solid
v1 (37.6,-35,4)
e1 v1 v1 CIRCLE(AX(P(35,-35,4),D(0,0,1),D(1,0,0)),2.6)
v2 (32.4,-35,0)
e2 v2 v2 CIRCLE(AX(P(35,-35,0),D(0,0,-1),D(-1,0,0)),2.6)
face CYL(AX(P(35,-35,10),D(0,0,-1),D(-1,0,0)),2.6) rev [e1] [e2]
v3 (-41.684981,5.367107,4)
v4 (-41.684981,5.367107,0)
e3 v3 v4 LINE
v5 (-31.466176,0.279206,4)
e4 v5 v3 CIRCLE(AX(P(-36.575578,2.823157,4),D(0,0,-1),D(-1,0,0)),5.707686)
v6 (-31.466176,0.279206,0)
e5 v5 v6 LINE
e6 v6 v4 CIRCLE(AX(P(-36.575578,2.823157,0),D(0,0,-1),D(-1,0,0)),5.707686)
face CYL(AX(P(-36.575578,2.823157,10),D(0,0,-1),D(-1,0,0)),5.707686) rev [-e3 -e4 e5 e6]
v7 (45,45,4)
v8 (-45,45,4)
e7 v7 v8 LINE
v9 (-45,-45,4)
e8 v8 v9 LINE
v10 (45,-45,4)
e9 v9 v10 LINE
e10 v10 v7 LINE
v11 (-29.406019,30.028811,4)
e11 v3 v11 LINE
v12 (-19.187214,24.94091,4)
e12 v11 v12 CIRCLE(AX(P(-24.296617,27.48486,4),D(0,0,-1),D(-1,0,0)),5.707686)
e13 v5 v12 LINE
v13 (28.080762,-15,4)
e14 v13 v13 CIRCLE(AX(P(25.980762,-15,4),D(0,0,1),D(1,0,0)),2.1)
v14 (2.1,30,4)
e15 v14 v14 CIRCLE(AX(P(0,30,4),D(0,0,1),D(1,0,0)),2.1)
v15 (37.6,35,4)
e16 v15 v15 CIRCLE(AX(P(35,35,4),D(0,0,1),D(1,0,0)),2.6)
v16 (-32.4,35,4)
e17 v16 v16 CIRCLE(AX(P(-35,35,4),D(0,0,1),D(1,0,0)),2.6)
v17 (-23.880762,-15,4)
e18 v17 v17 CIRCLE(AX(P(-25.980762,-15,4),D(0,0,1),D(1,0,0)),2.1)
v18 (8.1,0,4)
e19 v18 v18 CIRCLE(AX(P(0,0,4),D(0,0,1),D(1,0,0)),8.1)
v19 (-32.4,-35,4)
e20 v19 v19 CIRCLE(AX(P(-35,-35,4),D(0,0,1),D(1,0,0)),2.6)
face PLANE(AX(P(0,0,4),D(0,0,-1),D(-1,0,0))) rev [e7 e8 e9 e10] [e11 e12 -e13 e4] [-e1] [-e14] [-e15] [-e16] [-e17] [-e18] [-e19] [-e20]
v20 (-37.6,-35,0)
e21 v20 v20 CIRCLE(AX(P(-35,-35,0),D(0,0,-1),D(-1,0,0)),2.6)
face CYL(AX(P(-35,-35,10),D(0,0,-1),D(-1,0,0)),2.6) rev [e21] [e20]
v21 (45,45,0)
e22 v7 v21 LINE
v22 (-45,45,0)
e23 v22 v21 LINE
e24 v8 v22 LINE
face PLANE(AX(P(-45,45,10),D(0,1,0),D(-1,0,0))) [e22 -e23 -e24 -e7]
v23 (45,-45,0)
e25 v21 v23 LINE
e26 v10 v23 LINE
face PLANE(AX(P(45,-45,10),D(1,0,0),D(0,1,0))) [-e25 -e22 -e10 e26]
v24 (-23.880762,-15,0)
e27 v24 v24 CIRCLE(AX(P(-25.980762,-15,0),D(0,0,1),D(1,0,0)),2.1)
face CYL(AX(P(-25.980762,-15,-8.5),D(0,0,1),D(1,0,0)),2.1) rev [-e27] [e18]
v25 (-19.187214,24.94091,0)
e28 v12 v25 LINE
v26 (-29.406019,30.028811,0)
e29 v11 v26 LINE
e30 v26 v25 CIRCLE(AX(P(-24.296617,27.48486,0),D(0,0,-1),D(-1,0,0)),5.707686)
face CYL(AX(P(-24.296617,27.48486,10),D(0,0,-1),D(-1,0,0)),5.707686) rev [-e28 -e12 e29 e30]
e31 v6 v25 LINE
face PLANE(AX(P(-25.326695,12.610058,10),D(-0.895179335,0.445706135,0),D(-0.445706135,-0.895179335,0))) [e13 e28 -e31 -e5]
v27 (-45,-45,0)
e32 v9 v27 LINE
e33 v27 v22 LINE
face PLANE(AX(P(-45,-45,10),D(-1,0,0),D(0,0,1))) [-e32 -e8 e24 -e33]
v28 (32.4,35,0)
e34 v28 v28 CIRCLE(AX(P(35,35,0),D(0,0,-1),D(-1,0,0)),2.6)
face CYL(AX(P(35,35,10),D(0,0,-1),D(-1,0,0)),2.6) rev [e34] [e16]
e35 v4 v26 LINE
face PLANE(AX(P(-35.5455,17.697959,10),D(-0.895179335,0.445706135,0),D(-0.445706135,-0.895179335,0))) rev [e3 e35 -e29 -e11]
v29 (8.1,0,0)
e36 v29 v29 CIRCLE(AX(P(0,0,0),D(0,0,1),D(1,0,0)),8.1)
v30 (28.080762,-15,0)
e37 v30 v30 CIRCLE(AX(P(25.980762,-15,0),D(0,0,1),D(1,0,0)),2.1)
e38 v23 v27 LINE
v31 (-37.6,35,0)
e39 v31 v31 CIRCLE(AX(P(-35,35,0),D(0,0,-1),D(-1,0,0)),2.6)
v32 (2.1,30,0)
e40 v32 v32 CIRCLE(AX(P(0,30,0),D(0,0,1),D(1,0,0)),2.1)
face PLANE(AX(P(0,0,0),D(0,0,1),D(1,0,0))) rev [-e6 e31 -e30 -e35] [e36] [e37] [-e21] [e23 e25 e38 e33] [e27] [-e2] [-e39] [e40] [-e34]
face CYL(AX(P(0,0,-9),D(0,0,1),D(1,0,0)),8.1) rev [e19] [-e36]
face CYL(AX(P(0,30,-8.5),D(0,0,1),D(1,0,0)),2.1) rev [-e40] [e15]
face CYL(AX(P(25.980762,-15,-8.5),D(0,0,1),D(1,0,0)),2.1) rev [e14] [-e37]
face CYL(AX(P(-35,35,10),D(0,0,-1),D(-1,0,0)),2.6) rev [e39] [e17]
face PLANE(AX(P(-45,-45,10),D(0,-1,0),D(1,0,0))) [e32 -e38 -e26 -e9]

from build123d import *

# Parameters (mm, degrees)
SKETCH_1_R           = 2.5
SKETCH_1_R_2         = 8
EXTRUDE_1_DEPTH      = 2
SKETCH_2_R           = 34
CUT_EXTRUDE_1_DEPTH  = 0.5
SKETCH_3_R           = 2
CUT_EXTRUDE_2_DEPTH  = 28.5
SKETCH_5_R           = 2.1
CUT_EXTRUDE_3_DEPTH  = 10
SKETCH_4_R           = 2.6
CUT_EXTRUDE_4_DEPTH  = 10
SKETCH_7_W           = 125
SKETCH_7_H           = 125
SKETCH_7_W_2         = 80
SKETCH_7_H_2         = 80
EXTRUDE_2_DEPTH      = 2
SKETCH_8_R           = 2.760887892
EXTRUDE_3_DEPTH      = 2
SKETCH_9_R           = 2.6
CUT_EXTRUDE_5_DEPTH  = 2
CUT_EXTRUDE_7_DEPTH  = 2
EXTRUDE_START        = -2
SKETCH_11_W          = 250
SKETCH_11_H          = 250
SKETCH_11_R          = 2.1
SKETCH_11_R_2        = 8
EXTRUDE_4_DEPTH      = 2
SKETCH_13_R          = 2.6
CUT_EXTRUDE_9_DEPTH  = 51
SKETCH_16_R          = 34
CUT_EXTRUDE_11_DEPTH = 1
SKETCH_18_W          = 250
SKETCH_18_H          = 250
SKETCH_18_W_2        = 90
SKETCH_18_H_2        = 90
CUT_EXTRUDE_12_DEPTH = 10
SKETCH_20_R          = 2.6
CUT_EXTRUDE_14_DEPTH = 10
SKETCH_21_R          = 8.1
CUT_EXTRUDE_15_DEPTH = 10
SKETCH_24_R          = 34.1
CUT_EXTRUDE_17_DEPTH = 1
EXTRUDE_START_2      = 1
SKETCH_25_R          = 34.1
SKETCH_25_R_2        = 2.1
SKETCH_25_R_3        = 8.1
EXTRUDE_5_DEPTH      = 1
CUT_EXTRUDE_20_DEPTH = 10
SKETCH_31_W          = 90
SKETCH_31_H          = 90
SKETCH_31_R          = 2.1
SKETCH_31_R_2        = 8.1
SKETCH_31_R_3        = 2.6
EXTRUDE_6_DEPTH      = 4
EXTRUDE_START_3      = -4
EXTRUDE_7_DEPTH      = 4
CUT_EXTRUDE_21_DEPTH = 10


with BuildPart() as part:
    # 草图1 → 凸台-拉伸1 (new body)
    with BuildSketch(Plane.XY):
        Polygon((-33, 40), (-40, 40), (-40, 33), (-40, -33), (-40, -40), (40, -40), (40, 40), (33, 40), align=None)
        with Locations((-33, -33)):
            Circle(SKETCH_1_R, mode=Mode.SUBTRACT)
        with Locations((33, -30.5)):
            Circle(SKETCH_1_R, mode=Mode.SUBTRACT)
        Circle(SKETCH_1_R_2, mode=Mode.SUBTRACT)
        with Locations((-33, 33)):
            Circle(SKETCH_1_R, mode=Mode.SUBTRACT)
        with Locations((33, 33)):
            Circle(SKETCH_1_R, mode=Mode.SUBTRACT)
    extrude(amount=EXTRUDE_1_DEPTH)

    # 草图2 → 切除-拉伸1 (cut)
    with BuildSketch(Plane.XY.offset(2)):
        Circle(SKETCH_2_R)
    extrude(amount=-CUT_EXTRUDE_1_DEPTH, mode=Mode.SUBTRACT)

    # 草图3 → 切除-拉伸2 (cut)
    with BuildSketch(Plane.XY.offset(1.5)):
        with Locations((0, 30)):
            Circle(SKETCH_3_R)
        with Locations((25.980762114, -15)):
            Circle(SKETCH_3_R)
        with Locations((-25.980762114, -15)):
            Circle(SKETCH_3_R)
    extrude(amount=-CUT_EXTRUDE_2_DEPTH, mode=Mode.SUBTRACT)

    # 草图5 → 切除-拉伸3 (cut)
    with BuildSketch(Plane.XY.offset(1.5)):
        with Locations((25.980762114, -15)):
            Circle(SKETCH_5_R)
        with Locations((0, 30)):
            Circle(SKETCH_5_R)
        with Locations((-25.980762114, -15)):
            Circle(SKETCH_5_R)
    extrude(amount=-CUT_EXTRUDE_3_DEPTH, mode=Mode.SUBTRACT)

    # 草图4 → 切除-拉伸4 (cut)
    with BuildSketch(Plane.XY.offset(2)):
        with Locations((-33, 33)):
            Circle(SKETCH_4_R)
        with Locations((33, 33)):
            Circle(SKETCH_4_R)
        with Locations((33, -30.5)):
            Circle(SKETCH_4_R)
        with Locations((-33, -33)):
            Circle(SKETCH_4_R)
    extrude(amount=-CUT_EXTRUDE_4_DEPTH, mode=Mode.SUBTRACT)

    # 草图7 → 凸台-拉伸2 (add)
    with BuildSketch(Plane(origin=(0, 0, 0), x_dir=(-1, 0, 0), z_dir=(0, 0, -1))):
        Rectangle(SKETCH_7_W, SKETCH_7_H)
        Rectangle(SKETCH_7_W_2, SKETCH_7_H_2, mode=Mode.SUBTRACT)
    extrude(amount=-EXTRUDE_2_DEPTH)

    # 草图8 → 凸台-拉伸3 (add)
    with BuildSketch(Plane(origin=(0, 0, 0), x_dir=(-1, 0, 0), z_dir=(0, 0, -1))):
        with Locations((-33, -30.5)):
            Circle(SKETCH_8_R)
    extrude(amount=-EXTRUDE_3_DEPTH)

    # 草图9 → 切除-拉伸5 (cut)
    with BuildSketch(Plane(origin=(0, 0, 0), x_dir=(-1, 0, 0), z_dir=(0, 0, -1))):
        with Locations((-33, -34.063377391)):
            Circle(SKETCH_9_R)
    extrude(amount=-CUT_EXTRUDE_5_DEPTH, mode=Mode.SUBTRACT)

    # 草图10 → 切除-拉伸7 (cut)
    with BuildSketch(Plane(origin=(0, 0, 0), x_dir=(-1, 0, 0), z_dir=(0, 0, -1))):
        with BuildLine():
            Line((13.58008401, -47.982963501), (-13.58008401, -47.982963501))
            ThreePointArc((-13.58008401, -47.982963501), (-20.483293381, -41.079754129), (-13.58008401, -34.176544757))
            Line((-13.58008401, -34.176544757), (13.58008401, -34.176544757))
            ThreePointArc((13.58008401, -34.176544757), (20.483293381, -41.079754129), (13.58008401, -47.982963501))
        make_face()
    extrude(amount=-CUT_EXTRUDE_7_DEPTH, mode=Mode.SUBTRACT)

    # 草图11 → 凸台-拉伸4 (add)
    with BuildSketch(Plane(origin=(0, 0, 0), x_dir=(-1, 0, 0), z_dir=(0, 0, -1)).offset(EXTRUDE_START)):
        Rectangle(SKETCH_11_W, SKETCH_11_H)
        with Locations(Location((25.980762114, -15, 0), (0, 0, 180))):
            Circle(SKETCH_11_R, mode=Mode.SUBTRACT)
        Circle(SKETCH_11_R_2, mode=Mode.SUBTRACT)
        with Locations(Location((-25.980762114, -15, 0), (0, 0, 180))):
            Circle(SKETCH_11_R, mode=Mode.SUBTRACT)
        with Locations(Location((0, 30, 0), (0, 0, 180))):
            Circle(SKETCH_11_R, mode=Mode.SUBTRACT)
    extrude(amount=EXTRUDE_4_DEPTH)

    # 草图13 → 切除-拉伸9 (cut)
    with BuildSketch(Plane(origin=(0, 0, 0), x_dir=(-1, 0, 0), z_dir=(0, 0, -1))):
        with Locations((-105, 105)):
            Circle(SKETCH_13_R)
        with Locations((105, 105)):
            Circle(SKETCH_13_R)
        with Locations((-105, -105)):
            Circle(SKETCH_13_R)
        with Locations((105, -98.771678495)):
            Circle(SKETCH_13_R)
    extrude(amount=-CUT_EXTRUDE_9_DEPTH, mode=Mode.SUBTRACT)

    # 草图16 → 切除-拉伸11 (cut)
    with BuildSketch(Plane.XY.offset(2)):
        Circle(SKETCH_16_R)
    extrude(amount=-CUT_EXTRUDE_11_DEPTH, mode=Mode.SUBTRACT)

    # 草图18 → 切除-拉伸12 (cut)
    with BuildSketch(Plane(origin=(0, 0, 0), x_dir=(-1, 0, 0), z_dir=(0, 0, -1))):
        Rectangle(SKETCH_18_W, SKETCH_18_H)
        Rectangle(SKETCH_18_W_2, SKETCH_18_H_2, mode=Mode.SUBTRACT)
    extrude(amount=-CUT_EXTRUDE_12_DEPTH, mode=Mode.SUBTRACT)

    # 草图20 → 切除-拉伸14 (cut)
    with BuildSketch(Plane(origin=(0, 0, 0), x_dir=(-1, 0, 0), z_dir=(0, 0, -1))):
        with Locations((-35, 35)):
            Circle(SKETCH_20_R)
        with Locations((35, 35)):
            Circle(SKETCH_20_R)
        with Locations((35, -35)):
            Circle(SKETCH_20_R)
        with Locations((-35, -35)):
            Circle(SKETCH_20_R)
    extrude(amount=-CUT_EXTRUDE_14_DEPTH, mode=Mode.SUBTRACT)

    # 草图21 → 切除-拉伸15 (cut)
    with BuildSketch(Plane.XY.offset(1)):
        Circle(SKETCH_21_R)
    extrude(amount=-CUT_EXTRUDE_15_DEPTH, mode=Mode.SUBTRACT)

    # 草图24 → 切除-拉伸17 (cut)
    with BuildSketch(Plane.XY.offset(2)):
        Circle(SKETCH_24_R)
    extrude(amount=-CUT_EXTRUDE_17_DEPTH, mode=Mode.SUBTRACT)

    # 草图25 → 凸台-拉伸5 (add)
    with BuildSketch(Plane.XY.offset(1).offset(EXTRUDE_START_2)):
        Circle(SKETCH_25_R)
        with Locations((25.980762114, -15)):
            Circle(SKETCH_25_R_2, mode=Mode.SUBTRACT)
        with Locations((0, 30)):
            Circle(SKETCH_25_R_2, mode=Mode.SUBTRACT)
        Circle(SKETCH_25_R_3, mode=Mode.SUBTRACT)
        with Locations((-25.980762114, -15)):
            Circle(SKETCH_25_R_2, mode=Mode.SUBTRACT)
    extrude(amount=-EXTRUDE_5_DEPTH)

    # 草图30 → 切除-拉伸20 (cut)
    with BuildSketch(Plane(origin=(0, 0, 0), x_dir=(-1, 0, 0), z_dir=(0, 0, -1))):
        with BuildLine():
            Line((-34.25879914, 10.195171229), (-25.460402767, 24.557274857))
            ThreePointArc((-25.460402767, 24.557274857), (-19.205340885, 26.059890654), (-17.702725087, 19.804828771))
            Line((-17.702725087, 19.804828771), (-26.50112146, 5.442725143))
            ThreePointArc((-26.50112146, 5.442725143), (-32.756183343, 3.940109346), (-34.25879914, 10.195171229))
        make_face()
    extrude(amount=-CUT_EXTRUDE_20_DEPTH, mode=Mode.SUBTRACT)

    # 草图31 → 凸台-拉伸6 (add)
    with BuildSketch(Plane.XY):
        Rectangle(SKETCH_31_W, SKETCH_31_H)
        with Locations((-25.980762114, -15)):
            Circle(SKETCH_31_R, mode=Mode.SUBTRACT)
        Circle(SKETCH_31_R_2, mode=Mode.SUBTRACT)
        with Locations((0, 30)):
            Circle(SKETCH_31_R, mode=Mode.SUBTRACT)
        with Locations((25.980762114, -15)):
            Circle(SKETCH_31_R, mode=Mode.SUBTRACT)
        with Locations(Location((-35, 35, 0), (0, 0, 180))):
            Circle(SKETCH_31_R_3, mode=Mode.SUBTRACT)
        with Locations(Location((35, 35, 0), (0, 0, 180))):
            Circle(SKETCH_31_R_3, mode=Mode.SUBTRACT)
        with Locations(Location((-35, -35, 0), (0, 0, 180))):
            Circle(SKETCH_31_R_3, mode=Mode.SUBTRACT)
        with Locations(Location((35, -35, 0), (0, 0, 180))):
            Circle(SKETCH_31_R_3, mode=Mode.SUBTRACT)
        with BuildLine():
            Line((17.702725087, 19.804828771), (26.50112146, 5.442725143))
            ThreePointArc((26.50112146, 5.442725143), (32.756183343, 3.940109346), (34.25879914, 10.195171229))
            Line((34.25879914, 10.195171229), (25.460402767, 24.557274857))
            ThreePointArc((25.460402767, 24.557274857), (19.205340885, 26.059890654), (17.702725087, 19.804828771))
        make_face(mode=Mode.SUBTRACT)
    extrude(amount=EXTRUDE_6_DEPTH)

    # 草图32 → 凸台-拉伸7 (add)
    with BuildSketch(Plane.XY.offset(4).offset(EXTRUDE_START_3)):
        with BuildLine():
            Line((17.702725087, 19.804828771), (26.50112146, 5.442725143))
            ThreePointArc((26.50112146, 5.442725143), (32.756183343, 3.940109346), (34.25879914, 10.195171229))
            Line((34.25879914, 10.195171229), (25.460402767, 24.557274857))
            ThreePointArc((25.460402767, 24.557274857), (19.205340885, 26.059890654), (17.702725087, 19.804828771))
        make_face()
    extrude(amount=EXTRUDE_7_DEPTH)

    # 草图33 → 切除-拉伸21 (cut)
    with BuildSketch(Plane(origin=(0, 0, 0), x_dir=(-1, 0, 0), z_dir=(0, 0, -1))):
        with BuildLine():
            Line((31.466175781, 0.279206161), (19.18721424, 24.940909849))
            ThreePointArc((19.18721424, 24.940909849), (21.75266604, 32.594262797), (29.406018987, 30.028810997))
            Line((29.406018987, 30.028810997), (41.684980529, 5.367107309))
            ThreePointArc((41.684980529, 5.367107309), (39.119528729, -2.286245639), (31.466175781, 0.279206161))
        make_face()
    extrude(amount=-CUT_EXTRUDE_21_DEPTH, mode=Mode.SUBTRACT)


solid = part.part
